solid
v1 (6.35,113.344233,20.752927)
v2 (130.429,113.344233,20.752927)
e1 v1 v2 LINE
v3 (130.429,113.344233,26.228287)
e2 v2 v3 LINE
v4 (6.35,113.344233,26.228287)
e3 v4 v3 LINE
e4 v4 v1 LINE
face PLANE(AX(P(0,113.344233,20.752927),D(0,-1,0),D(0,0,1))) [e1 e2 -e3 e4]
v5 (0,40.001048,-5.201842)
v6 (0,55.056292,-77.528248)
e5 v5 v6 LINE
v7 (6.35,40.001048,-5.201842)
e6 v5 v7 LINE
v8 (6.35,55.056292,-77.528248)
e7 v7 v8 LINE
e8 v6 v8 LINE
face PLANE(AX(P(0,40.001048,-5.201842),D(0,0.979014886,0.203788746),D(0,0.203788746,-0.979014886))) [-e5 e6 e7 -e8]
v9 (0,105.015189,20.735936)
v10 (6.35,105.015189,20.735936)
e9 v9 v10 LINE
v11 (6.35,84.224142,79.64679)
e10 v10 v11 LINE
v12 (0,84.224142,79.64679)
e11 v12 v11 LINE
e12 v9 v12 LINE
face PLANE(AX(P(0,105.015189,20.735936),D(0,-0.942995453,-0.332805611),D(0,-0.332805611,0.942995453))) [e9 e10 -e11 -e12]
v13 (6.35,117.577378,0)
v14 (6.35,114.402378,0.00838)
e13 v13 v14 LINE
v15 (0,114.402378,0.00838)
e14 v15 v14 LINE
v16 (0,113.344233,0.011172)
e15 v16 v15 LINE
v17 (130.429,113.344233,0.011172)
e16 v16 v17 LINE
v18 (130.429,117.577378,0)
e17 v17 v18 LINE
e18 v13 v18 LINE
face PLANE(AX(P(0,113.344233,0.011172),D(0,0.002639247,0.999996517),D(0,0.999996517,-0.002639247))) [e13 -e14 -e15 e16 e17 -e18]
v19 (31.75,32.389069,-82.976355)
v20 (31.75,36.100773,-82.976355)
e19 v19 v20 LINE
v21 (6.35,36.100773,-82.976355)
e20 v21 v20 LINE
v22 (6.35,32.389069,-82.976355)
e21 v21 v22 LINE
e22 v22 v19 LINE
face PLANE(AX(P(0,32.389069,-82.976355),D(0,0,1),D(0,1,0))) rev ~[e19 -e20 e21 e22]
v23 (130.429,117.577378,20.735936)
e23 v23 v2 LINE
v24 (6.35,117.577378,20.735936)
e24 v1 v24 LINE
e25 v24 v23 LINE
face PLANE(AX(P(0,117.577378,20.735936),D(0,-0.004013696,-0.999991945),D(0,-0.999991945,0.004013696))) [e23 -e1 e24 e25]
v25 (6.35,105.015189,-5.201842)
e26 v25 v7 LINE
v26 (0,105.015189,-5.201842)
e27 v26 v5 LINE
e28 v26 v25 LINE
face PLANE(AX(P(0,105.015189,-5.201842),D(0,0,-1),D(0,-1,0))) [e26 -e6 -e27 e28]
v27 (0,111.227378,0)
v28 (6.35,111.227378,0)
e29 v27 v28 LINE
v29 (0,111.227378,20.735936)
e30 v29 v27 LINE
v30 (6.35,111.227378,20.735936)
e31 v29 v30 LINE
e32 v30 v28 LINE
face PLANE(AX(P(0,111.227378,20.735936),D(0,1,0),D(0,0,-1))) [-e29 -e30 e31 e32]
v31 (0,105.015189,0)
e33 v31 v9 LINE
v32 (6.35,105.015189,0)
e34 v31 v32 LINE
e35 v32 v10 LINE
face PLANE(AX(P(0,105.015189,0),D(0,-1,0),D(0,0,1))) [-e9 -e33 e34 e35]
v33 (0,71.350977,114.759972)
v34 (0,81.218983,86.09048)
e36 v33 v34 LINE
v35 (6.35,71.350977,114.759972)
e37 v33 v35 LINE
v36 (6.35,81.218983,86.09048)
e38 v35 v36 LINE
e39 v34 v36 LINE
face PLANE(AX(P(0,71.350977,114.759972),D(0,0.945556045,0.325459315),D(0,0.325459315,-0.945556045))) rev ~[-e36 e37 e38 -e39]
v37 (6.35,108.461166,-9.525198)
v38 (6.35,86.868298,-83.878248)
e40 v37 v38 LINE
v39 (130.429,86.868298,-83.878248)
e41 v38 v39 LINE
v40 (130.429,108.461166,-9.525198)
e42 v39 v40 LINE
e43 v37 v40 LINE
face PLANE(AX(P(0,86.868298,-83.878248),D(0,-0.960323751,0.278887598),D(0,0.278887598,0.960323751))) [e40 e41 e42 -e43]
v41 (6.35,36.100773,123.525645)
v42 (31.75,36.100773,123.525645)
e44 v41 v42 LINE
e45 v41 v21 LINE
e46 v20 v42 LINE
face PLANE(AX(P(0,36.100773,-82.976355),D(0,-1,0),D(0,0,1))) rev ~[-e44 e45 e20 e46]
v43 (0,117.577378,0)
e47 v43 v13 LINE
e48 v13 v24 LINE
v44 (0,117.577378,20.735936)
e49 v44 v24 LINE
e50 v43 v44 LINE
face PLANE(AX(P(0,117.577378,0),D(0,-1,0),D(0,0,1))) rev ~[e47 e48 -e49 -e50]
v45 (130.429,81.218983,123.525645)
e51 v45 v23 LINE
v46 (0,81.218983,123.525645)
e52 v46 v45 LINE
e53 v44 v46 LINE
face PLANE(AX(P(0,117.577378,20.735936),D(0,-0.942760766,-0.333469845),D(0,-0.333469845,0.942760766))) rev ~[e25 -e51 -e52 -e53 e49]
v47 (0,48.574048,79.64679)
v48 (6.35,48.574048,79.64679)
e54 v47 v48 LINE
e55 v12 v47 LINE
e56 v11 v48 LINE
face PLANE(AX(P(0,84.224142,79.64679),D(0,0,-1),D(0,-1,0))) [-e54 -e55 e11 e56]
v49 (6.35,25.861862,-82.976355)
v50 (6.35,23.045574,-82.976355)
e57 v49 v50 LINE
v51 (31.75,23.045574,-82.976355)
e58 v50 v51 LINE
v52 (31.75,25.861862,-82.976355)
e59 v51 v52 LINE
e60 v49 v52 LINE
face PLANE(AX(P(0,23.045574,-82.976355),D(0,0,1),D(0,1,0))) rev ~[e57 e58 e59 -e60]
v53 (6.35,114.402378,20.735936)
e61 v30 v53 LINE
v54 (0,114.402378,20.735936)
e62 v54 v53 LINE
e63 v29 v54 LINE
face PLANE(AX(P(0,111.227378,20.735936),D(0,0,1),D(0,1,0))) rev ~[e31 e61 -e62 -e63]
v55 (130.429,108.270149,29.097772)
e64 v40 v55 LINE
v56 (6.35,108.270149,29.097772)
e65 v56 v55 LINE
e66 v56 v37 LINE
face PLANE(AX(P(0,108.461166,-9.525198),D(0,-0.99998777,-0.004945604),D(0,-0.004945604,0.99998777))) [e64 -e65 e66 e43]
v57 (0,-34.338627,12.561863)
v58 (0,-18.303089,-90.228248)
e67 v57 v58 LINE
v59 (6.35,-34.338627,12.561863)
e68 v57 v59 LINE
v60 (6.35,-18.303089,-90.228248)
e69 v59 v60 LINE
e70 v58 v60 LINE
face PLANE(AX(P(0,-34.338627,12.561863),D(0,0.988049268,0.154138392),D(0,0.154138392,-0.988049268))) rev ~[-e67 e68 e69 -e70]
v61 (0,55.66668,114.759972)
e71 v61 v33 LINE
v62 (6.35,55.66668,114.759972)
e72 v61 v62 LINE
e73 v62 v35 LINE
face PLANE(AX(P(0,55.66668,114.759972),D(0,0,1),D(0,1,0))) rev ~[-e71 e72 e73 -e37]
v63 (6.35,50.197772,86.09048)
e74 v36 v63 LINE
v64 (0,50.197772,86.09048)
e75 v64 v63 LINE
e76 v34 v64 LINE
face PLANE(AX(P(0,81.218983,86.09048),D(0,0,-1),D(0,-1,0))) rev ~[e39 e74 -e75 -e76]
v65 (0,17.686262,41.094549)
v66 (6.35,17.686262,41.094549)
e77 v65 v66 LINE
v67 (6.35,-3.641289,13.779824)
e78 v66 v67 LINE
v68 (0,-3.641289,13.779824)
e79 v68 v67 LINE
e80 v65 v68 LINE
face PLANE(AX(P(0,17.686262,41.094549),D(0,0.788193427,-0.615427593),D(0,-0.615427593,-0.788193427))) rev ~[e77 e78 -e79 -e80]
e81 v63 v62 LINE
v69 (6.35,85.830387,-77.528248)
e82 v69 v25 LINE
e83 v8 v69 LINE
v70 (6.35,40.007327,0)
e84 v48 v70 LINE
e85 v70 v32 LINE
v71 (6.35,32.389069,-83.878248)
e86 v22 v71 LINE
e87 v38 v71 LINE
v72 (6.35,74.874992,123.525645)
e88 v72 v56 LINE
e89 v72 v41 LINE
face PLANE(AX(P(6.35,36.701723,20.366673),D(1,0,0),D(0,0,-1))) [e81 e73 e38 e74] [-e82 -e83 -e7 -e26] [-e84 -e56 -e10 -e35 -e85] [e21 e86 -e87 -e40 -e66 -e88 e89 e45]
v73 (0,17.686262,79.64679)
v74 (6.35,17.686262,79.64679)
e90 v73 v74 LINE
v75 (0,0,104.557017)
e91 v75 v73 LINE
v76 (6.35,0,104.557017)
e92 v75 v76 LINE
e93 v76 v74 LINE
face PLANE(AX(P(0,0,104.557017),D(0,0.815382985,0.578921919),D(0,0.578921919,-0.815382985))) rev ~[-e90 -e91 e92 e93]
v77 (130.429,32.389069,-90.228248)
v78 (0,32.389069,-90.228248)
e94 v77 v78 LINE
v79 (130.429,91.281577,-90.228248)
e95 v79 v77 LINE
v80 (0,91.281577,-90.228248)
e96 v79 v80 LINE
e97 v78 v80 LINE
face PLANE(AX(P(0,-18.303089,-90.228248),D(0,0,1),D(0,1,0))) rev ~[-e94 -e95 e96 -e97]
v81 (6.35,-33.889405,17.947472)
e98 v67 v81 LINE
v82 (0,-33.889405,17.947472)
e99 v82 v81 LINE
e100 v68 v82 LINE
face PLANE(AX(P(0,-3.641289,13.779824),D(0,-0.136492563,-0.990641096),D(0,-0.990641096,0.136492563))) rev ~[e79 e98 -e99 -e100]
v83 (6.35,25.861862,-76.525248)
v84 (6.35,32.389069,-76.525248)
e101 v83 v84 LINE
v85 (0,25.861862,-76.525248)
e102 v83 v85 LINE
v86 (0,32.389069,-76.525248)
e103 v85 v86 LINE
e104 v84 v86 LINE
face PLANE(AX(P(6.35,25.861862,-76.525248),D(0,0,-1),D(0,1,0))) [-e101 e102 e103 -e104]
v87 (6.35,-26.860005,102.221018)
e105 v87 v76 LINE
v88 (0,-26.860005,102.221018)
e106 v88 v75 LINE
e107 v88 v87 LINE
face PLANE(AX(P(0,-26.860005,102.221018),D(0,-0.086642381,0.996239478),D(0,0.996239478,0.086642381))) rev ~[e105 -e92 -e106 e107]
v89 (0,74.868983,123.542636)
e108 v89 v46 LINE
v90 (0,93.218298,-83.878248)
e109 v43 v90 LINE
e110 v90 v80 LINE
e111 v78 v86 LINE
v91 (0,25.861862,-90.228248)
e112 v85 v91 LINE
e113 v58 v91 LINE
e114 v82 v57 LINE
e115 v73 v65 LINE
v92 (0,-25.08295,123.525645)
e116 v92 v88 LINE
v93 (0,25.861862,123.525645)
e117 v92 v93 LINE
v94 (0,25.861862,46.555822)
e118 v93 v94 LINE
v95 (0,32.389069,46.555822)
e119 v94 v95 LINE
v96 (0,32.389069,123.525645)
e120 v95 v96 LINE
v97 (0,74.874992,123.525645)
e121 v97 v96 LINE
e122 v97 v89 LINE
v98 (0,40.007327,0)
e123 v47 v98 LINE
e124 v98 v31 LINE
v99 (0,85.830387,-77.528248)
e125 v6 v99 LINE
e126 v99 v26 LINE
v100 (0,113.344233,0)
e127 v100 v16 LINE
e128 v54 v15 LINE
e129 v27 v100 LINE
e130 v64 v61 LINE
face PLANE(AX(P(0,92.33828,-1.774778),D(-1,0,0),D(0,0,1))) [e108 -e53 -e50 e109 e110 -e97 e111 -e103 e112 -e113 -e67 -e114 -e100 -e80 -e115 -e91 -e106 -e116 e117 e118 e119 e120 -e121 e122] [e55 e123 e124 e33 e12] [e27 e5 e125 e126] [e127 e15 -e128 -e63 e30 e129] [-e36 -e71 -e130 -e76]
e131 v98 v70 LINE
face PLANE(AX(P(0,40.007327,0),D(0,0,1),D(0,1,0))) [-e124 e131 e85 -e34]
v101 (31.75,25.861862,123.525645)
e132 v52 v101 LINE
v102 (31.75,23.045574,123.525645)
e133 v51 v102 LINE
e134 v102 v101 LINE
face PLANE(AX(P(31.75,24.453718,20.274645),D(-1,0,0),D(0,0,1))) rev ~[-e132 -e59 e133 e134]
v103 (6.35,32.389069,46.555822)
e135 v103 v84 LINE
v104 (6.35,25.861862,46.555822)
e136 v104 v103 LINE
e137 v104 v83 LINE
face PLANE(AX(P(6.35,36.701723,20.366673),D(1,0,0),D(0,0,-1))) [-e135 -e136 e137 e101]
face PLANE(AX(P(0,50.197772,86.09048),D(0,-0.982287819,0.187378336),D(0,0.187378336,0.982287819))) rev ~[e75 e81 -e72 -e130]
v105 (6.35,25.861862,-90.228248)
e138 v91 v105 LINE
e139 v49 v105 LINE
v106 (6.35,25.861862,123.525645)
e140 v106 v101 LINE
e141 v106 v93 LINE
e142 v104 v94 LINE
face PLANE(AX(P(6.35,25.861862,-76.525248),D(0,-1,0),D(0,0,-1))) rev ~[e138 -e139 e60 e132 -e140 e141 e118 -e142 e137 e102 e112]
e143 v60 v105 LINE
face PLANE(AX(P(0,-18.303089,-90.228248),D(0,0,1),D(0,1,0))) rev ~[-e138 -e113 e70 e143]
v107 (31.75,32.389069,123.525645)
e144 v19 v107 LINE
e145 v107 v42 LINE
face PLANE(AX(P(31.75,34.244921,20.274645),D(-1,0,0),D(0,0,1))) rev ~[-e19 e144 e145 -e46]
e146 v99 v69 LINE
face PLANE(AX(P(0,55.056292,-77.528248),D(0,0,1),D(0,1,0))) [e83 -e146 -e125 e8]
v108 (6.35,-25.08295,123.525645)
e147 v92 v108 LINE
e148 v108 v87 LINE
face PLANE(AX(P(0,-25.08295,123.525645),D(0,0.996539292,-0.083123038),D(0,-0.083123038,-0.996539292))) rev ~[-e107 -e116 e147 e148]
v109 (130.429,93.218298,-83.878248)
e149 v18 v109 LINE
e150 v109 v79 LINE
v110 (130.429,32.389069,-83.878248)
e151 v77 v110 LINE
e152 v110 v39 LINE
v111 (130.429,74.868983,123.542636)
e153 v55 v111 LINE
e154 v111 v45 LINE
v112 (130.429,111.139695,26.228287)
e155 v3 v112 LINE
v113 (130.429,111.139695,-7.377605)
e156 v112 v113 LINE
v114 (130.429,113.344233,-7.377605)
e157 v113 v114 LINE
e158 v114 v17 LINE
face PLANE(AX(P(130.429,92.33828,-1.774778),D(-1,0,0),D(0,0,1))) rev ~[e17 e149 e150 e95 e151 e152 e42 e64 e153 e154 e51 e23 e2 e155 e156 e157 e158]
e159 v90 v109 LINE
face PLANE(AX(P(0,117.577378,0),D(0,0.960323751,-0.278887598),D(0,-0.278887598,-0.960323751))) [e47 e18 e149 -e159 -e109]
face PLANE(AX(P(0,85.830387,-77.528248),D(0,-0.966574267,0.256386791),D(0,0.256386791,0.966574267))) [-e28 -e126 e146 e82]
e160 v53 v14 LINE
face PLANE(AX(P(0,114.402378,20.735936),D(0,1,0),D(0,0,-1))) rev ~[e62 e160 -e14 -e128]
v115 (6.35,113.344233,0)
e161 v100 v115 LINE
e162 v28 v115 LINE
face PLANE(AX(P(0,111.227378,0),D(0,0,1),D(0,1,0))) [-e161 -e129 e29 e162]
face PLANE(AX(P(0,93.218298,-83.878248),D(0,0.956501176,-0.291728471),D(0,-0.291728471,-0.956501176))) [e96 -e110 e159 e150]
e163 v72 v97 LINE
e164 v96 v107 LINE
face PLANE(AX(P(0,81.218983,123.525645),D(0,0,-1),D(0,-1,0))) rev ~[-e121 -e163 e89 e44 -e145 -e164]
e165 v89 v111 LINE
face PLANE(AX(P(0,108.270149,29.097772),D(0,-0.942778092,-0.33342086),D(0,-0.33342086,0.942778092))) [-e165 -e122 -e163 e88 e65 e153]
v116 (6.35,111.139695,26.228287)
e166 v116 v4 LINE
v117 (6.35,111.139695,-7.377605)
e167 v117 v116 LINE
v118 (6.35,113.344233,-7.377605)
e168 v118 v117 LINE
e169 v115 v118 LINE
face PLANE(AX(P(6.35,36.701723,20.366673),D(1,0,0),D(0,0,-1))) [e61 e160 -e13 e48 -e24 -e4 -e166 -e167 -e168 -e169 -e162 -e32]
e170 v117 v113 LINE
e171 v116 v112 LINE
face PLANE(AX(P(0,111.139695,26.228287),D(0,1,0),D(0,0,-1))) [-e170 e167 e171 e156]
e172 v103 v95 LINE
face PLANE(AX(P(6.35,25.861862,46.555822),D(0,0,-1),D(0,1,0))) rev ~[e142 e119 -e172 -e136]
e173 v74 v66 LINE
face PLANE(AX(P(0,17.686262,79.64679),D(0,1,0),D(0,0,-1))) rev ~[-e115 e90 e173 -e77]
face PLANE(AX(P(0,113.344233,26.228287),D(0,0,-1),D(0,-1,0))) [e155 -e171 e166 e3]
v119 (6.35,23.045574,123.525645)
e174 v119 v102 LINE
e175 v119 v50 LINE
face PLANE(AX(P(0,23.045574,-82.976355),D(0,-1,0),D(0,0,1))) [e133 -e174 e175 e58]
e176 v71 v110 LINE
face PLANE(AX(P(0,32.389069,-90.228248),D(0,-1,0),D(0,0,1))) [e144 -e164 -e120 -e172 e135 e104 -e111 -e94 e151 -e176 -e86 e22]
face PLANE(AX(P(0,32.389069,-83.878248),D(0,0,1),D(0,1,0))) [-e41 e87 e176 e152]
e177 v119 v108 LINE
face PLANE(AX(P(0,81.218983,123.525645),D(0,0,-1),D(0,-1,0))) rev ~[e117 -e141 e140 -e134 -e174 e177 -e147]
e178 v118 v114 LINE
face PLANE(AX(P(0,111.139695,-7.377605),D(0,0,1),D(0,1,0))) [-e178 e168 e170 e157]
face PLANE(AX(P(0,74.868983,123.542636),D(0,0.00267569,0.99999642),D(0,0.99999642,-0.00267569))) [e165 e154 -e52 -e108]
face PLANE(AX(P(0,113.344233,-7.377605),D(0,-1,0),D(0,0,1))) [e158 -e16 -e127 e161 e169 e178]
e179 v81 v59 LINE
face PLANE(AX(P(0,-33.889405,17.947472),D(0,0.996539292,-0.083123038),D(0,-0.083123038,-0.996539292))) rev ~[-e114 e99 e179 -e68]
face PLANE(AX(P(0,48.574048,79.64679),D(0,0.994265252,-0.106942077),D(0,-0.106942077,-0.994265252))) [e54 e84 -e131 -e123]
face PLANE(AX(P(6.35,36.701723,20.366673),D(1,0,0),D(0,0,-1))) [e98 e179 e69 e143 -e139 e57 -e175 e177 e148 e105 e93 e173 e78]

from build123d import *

# Parameters (mm, degrees)
SKETCH1_W           = 20.735936364
SKETCH1_H           = 3.175
BOSS_EXTRUDE1_DEPTH = 6.35
SKETCH2_W           = 82.651107169
SKETCH2_H           = 6.52720724
SKETCH2_W_2         = 76.969823319
SKETCH2_H_2         = 6.604
CUT_EXTRUDE1_DEPTH  = 7.35
SKETCH6_W           = 206.502
SKETCH6_H           = 3.711703494
SKETCH6_H_2         = 2.816288331
BOSS_EXTRUDE3_DEPTH = 31.75
BOSS_EXTRUDE5_DEPTH = 130.429


with BuildPart() as part:
    # Sketch1 → Boss-Extrude1 (new body)
    with BuildSketch(Plane(origin=(0, 0, 0), x_dir=(0, 0, -1), z_dir=(1, 0, 0))):
        Polygon((-123.525645009, 81.218983384), (-123.525645009, -25.082949612), (-102.22101814, -26.860004783), (-104.557017494, 0), (-79.646789796, 17.686261666), (-41.094549164, 17.686261666), (-13.779824281, -3.641289166), (-17.947471695, -33.889404663), (-12.561862574, -34.338627482), (90.228248196, -18.303088648), (90.228248196, 91.281577209), (0, 117.577378193), (-20.735936364, 117.577378193), align=None)
        Polygon((5.201841666, 40.001048477), (77.528248196, 55.056292197), (77.528248196, 85.830387495), (5.201841666, 105.015188817), align=None, mode=Mode.SUBTRACT)
        Polygon((-79.646789796, 84.224142025), (-79.646789796, 48.574048336), (0, 40.007327233), (0, 105.015188817), (-20.735936364, 105.015188817), align=None, mode=Mode.SUBTRACT)
        Polygon((-86.090479579, 81.218983384), (-86.090479579, 50.197772081), (-114.759972161, 55.666680192), (-114.759972161, 71.350976637), align=None, mode=Mode.SUBTRACT)
        with Locations((-10.367968182, 112.814878193)):
            Rectangle(SKETCH1_W, SKETCH1_H, mode=Mode.SUBTRACT)
    extrude(amount=BOSS_EXTRUDE1_DEPTH)

    # Sketch2 → Cut-Extrude1 (cut, through all)
    with BuildSketch(Plane(origin=(6.35, 0, 0), x_dir=(0, 0, -1), z_dir=(1, 0, 0))):
        with Locations((117.850801407, 29.125465717)):
            Rectangle(SKETCH2_W, SKETCH2_H)
        with Locations((-85.04073335, 29.163862097)):
            Rectangle(SKETCH2_W_2, SKETCH2_H_2)
    extrude(amount=-CUT_EXTRUDE1_DEPTH, mode=Mode.SUBTRACT)

    # Sketch6 → Boss-Extrude3 (add)
    with BuildSketch(Plane.ZY):
        with Locations((20.274645009, 34.244921084)):
            Rectangle(SKETCH6_W, SKETCH6_H)
        with Locations((20.274645009, 24.453717932)):
            Rectangle(SKETCH6_W, SKETCH6_H_2)
    extrude(amount=-BOSS_EXTRUDE3_DEPTH)

    # Sketch8 → Boss-Extrude5 (add)
    with BuildSketch(Plane.ZY):
        Polygon((0, 117.577378193), (-83.878248196, 93.218298083), (-90.228248196, 91.281577209), (-90.228248196, 32.389069337), (-83.878248196, 32.389069337), (-83.878248196, 86.868298083), (-9.525197863, 108.461165703), (29.097772116, 108.270149457), (123.542635704, 74.868983384), (123.525645009, 81.218983384), (20.735936364, 117.577378193), (20.752927059, 113.344232588), (26.228286967, 113.344232588), (26.228286967, 111.139694939), (20.752927059, 111.139694939), (0.016990695, 111.139694939), (-7.377605414, 111.139694939), (-7.377605414, 113.344232588), (0.011172356, 113.344232588), align=None)
    extrude(amount=-BOSS_EXTRUDE5_DEPTH)


solid = part.part
